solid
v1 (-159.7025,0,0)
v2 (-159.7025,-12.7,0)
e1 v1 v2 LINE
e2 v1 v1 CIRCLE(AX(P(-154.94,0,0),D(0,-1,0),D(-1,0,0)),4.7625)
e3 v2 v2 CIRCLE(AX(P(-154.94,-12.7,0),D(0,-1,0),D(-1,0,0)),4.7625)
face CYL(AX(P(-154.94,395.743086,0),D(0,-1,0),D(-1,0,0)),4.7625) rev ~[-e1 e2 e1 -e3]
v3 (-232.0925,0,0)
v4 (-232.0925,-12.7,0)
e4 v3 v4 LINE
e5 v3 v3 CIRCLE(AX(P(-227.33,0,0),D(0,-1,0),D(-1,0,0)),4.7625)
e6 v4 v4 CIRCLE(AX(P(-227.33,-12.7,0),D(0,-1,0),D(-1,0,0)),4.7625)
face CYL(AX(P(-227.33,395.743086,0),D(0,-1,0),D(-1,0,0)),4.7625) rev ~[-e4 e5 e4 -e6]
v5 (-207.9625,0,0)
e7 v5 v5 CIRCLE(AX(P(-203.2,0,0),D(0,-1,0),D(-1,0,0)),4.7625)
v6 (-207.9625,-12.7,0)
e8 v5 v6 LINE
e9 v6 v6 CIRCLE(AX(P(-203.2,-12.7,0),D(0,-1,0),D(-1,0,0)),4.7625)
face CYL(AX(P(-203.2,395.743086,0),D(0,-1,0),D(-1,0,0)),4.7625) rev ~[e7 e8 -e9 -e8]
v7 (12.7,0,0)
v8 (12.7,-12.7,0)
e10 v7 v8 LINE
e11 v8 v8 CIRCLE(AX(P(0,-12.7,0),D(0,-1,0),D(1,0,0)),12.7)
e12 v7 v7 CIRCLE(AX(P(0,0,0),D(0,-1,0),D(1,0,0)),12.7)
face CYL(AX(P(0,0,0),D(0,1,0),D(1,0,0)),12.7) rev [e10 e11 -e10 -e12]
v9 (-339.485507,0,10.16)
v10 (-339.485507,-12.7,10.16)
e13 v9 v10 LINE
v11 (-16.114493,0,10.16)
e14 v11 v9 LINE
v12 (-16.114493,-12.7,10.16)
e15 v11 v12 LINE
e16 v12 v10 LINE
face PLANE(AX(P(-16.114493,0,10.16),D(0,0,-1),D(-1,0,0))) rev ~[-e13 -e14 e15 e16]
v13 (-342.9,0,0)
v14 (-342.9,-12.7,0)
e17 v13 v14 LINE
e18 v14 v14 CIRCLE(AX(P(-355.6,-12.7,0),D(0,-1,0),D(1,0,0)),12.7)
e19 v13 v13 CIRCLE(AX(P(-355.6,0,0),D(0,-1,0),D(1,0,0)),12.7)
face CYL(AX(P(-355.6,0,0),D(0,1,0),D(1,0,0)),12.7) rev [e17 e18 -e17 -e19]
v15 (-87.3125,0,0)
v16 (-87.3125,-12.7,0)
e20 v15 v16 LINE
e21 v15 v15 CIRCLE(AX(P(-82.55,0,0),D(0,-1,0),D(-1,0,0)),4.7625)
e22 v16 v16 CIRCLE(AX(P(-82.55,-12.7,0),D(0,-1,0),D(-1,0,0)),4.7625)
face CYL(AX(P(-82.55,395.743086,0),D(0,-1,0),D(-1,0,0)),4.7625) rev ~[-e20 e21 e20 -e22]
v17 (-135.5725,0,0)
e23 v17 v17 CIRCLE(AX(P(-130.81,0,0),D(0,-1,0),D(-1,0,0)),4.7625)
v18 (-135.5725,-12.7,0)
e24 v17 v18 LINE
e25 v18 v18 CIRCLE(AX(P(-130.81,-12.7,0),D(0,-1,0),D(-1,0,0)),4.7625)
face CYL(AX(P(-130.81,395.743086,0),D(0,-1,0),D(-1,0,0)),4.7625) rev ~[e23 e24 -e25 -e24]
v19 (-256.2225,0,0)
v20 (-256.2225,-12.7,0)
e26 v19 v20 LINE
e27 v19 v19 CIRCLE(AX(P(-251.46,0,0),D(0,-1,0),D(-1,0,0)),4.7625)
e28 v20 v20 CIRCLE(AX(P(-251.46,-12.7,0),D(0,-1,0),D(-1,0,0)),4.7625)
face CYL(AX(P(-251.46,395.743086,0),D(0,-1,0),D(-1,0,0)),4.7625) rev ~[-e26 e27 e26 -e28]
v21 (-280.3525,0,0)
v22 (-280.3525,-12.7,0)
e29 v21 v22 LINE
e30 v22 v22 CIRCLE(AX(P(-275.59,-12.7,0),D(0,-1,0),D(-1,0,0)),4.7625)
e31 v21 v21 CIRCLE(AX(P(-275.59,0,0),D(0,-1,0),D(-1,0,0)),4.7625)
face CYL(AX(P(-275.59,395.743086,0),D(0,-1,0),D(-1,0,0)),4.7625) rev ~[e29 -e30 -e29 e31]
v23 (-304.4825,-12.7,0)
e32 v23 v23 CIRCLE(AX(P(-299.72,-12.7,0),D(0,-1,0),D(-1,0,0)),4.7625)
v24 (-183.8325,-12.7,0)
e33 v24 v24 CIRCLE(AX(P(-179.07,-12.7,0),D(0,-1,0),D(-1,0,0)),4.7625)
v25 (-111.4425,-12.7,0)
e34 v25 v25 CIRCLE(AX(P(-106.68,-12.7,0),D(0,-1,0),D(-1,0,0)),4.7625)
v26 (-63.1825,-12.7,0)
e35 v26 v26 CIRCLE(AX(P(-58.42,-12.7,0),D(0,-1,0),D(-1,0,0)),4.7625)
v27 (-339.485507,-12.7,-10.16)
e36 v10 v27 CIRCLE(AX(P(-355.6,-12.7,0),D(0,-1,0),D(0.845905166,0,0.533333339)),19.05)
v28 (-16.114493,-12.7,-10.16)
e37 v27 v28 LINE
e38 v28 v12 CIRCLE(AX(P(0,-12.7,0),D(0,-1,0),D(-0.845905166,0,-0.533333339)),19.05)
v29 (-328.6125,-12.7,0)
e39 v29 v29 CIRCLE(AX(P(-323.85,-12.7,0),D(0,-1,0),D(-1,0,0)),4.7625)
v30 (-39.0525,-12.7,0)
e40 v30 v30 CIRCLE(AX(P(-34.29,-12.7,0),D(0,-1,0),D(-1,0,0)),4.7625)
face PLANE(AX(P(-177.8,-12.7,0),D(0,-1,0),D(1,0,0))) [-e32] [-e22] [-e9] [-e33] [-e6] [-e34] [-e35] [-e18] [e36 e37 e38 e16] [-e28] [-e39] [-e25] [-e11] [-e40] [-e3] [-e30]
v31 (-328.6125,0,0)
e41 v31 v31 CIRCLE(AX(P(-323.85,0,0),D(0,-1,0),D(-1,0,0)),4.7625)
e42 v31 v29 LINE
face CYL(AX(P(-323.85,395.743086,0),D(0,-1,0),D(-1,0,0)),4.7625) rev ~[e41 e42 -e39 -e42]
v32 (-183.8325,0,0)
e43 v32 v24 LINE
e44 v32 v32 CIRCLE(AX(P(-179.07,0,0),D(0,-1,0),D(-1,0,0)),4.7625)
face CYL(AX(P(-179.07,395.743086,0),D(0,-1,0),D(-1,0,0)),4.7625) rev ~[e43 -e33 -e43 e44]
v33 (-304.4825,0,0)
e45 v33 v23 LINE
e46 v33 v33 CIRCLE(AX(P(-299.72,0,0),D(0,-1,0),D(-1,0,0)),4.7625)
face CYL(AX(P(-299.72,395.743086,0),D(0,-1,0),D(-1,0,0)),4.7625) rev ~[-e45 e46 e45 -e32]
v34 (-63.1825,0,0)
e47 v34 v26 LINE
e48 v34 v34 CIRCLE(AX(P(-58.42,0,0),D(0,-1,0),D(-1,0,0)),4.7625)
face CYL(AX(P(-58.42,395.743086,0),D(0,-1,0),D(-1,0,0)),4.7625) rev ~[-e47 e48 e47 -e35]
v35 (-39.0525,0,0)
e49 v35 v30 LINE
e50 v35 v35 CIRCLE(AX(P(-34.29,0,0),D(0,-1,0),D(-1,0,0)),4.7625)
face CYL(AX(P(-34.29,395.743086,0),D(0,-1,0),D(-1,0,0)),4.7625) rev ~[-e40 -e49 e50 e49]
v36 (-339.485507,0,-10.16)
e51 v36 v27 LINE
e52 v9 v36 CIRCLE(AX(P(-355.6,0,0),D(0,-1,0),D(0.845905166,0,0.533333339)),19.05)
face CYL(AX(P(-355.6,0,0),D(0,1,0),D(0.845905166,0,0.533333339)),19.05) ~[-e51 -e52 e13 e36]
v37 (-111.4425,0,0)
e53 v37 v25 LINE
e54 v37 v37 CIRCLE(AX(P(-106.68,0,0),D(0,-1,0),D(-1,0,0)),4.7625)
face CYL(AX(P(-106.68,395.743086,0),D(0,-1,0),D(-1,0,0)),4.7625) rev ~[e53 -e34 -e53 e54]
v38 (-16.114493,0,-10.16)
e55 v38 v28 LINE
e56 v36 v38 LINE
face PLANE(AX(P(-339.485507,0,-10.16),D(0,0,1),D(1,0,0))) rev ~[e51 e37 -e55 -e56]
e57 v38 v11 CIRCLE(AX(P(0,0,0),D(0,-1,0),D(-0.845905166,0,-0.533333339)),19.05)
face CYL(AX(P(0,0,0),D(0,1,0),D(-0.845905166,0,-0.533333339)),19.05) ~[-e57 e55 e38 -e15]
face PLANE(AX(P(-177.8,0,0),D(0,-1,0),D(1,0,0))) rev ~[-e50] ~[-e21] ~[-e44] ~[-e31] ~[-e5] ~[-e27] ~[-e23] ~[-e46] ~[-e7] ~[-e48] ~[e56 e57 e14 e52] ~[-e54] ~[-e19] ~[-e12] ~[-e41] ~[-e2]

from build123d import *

# Parameters (mm, degrees)
F0_R     = 12.7
F1_DEPTH = 12.7
F2_D     = 9.525


with BuildPart() as f1:
    # F0 (on Front) → F1 (new body)
    with BuildSketch(Plane.XZ):
        with BuildLine():
            Line((-339.485507, -10.16), (-16.114493, -10.16))
            ThreePointArc((-16.114493, -10.16), (19.05, 0), (-16.114493, 10.16))
            Line((-16.114493, 10.16), (-339.485507, 10.16))
            ThreePointArc((-339.485507, 10.16), (-374.65, 0), (-339.485507, -10.16))
        make_face()
        with Locations((-355.6, 0)):
            Circle(F0_R, mode=Mode.SUBTRACT)
        Circle(F0_R, mode=Mode.SUBTRACT)
    extrude(amount=F1_DEPTH)

    # F2 (through all)
    with Locations(Plane(origin=(0, 0, 0), x_dir=(1, 0, 0), z_dir=(0, 1, 0))):
        with Locations((-323.85, 0), (-299.72, 0), (-275.59, 0), (-251.46, 0), (-227.33, 0), (-203.2, 0), (-179.07, 0), (-154.94, 0), (-130.81, 0), (-106.68, 0), (-82.55, 0), (-58.42, 0), (-34.29, 0)):
            Hole(F2_D / 2)


solid = f1.part
